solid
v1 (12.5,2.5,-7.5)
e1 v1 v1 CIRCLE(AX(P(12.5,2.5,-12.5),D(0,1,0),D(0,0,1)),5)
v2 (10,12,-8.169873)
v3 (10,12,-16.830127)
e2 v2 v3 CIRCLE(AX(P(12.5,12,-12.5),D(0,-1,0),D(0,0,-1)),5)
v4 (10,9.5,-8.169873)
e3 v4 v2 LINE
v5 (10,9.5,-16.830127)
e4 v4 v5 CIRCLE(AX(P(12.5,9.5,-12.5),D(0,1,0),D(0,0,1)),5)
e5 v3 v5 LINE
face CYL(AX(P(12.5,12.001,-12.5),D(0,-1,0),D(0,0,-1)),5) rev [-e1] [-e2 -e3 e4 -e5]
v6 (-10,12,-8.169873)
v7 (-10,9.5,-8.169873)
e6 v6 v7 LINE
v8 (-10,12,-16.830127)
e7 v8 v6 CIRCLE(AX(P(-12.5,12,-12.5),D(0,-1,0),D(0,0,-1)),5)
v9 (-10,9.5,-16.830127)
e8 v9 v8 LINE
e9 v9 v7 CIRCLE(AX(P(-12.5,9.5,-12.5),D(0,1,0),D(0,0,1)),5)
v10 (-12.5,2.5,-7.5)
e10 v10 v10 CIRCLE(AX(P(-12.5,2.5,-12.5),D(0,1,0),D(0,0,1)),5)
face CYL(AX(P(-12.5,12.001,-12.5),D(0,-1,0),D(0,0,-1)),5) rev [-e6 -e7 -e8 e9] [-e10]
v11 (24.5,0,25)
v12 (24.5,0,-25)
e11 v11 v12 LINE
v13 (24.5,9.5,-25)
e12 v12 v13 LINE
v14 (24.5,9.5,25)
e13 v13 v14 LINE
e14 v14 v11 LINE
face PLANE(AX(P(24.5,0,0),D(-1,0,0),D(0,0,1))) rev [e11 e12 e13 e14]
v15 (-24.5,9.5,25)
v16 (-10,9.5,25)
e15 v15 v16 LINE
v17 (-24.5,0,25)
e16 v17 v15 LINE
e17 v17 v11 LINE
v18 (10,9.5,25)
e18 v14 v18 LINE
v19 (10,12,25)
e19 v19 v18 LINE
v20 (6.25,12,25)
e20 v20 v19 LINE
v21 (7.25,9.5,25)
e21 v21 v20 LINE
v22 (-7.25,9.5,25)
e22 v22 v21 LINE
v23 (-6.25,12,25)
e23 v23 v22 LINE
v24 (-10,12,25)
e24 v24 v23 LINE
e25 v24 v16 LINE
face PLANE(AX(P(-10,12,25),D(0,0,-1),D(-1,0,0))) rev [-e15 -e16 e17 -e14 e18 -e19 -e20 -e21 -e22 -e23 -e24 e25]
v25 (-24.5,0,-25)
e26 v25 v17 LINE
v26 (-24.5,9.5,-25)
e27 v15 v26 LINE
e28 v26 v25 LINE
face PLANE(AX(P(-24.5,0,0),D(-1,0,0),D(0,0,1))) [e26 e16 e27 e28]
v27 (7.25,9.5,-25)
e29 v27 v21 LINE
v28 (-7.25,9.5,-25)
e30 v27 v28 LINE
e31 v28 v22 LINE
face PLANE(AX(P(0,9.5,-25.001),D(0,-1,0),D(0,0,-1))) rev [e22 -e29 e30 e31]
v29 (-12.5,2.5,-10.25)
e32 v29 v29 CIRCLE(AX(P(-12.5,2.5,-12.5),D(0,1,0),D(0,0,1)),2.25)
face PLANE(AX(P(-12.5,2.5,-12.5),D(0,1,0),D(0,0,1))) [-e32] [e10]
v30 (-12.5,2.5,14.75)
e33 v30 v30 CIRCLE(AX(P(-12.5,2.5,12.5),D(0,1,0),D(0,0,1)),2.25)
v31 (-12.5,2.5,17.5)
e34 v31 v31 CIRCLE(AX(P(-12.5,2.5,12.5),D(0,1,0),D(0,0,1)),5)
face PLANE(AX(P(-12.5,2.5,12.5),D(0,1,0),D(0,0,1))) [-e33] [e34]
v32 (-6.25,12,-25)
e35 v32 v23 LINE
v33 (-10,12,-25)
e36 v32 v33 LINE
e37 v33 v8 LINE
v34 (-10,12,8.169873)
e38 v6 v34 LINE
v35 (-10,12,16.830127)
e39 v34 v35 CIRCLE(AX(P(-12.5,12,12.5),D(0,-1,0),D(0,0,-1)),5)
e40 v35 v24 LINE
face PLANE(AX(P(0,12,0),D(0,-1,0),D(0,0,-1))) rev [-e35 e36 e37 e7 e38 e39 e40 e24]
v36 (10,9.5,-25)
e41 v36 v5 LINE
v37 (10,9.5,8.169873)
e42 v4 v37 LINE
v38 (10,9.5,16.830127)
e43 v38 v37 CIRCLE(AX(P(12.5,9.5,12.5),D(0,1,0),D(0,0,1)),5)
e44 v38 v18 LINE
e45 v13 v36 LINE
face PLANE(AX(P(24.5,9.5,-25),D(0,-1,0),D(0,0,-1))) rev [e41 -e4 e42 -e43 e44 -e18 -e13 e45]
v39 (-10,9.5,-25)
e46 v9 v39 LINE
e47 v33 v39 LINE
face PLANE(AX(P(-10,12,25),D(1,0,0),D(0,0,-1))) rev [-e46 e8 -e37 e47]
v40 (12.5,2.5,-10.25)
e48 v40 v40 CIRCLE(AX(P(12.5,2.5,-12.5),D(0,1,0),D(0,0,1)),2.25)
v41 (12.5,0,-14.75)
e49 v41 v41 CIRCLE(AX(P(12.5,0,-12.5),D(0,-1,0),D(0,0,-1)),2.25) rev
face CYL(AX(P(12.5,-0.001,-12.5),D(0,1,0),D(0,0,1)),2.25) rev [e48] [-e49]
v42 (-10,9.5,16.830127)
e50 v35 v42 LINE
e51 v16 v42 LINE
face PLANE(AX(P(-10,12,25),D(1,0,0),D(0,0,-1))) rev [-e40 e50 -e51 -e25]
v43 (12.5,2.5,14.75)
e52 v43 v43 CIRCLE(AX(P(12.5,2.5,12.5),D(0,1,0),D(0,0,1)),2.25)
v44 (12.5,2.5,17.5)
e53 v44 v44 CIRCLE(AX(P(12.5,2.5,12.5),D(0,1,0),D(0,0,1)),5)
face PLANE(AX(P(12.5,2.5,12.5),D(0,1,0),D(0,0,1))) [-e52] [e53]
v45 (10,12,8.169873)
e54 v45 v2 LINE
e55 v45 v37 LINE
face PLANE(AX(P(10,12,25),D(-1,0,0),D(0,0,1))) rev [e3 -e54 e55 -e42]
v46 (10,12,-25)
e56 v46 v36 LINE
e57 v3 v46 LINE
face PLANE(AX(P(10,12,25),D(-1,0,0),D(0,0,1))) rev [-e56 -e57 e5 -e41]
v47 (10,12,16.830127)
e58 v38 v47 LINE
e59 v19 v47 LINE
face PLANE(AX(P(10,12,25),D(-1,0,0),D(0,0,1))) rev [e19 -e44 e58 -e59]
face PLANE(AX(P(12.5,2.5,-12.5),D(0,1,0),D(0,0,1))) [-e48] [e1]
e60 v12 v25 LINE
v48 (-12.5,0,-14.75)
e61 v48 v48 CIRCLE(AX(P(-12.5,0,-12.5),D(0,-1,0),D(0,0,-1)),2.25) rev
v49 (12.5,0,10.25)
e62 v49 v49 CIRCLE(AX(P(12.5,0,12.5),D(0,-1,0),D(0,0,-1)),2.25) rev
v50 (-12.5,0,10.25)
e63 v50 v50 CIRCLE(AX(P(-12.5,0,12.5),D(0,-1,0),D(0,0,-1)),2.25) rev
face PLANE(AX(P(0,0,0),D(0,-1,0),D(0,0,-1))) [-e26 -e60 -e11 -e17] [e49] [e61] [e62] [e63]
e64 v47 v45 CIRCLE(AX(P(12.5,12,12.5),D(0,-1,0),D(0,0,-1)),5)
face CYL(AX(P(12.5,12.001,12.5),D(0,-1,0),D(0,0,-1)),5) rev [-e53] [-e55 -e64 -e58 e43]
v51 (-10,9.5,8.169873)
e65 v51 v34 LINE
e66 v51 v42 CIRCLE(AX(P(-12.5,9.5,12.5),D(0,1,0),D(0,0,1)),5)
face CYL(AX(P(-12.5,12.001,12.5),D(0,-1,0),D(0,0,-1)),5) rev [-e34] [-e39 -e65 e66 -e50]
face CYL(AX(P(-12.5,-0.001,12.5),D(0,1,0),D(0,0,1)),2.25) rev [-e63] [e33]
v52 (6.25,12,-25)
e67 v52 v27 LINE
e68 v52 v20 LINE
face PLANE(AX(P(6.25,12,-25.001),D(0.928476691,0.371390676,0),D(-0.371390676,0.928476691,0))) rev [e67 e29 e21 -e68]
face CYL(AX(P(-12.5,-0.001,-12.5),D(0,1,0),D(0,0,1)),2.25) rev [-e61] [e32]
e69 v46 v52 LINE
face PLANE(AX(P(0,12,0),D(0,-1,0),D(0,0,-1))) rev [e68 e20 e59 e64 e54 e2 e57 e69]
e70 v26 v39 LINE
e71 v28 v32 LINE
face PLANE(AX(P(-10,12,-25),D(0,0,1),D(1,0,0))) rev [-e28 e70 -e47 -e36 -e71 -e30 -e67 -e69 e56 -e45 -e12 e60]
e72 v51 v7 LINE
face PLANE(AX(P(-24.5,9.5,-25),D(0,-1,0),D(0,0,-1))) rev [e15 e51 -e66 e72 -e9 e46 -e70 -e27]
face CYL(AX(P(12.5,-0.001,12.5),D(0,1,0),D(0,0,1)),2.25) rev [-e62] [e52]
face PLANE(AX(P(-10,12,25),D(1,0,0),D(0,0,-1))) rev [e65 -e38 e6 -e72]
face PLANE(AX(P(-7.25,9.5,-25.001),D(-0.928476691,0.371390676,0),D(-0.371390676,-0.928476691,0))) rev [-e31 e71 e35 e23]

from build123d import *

# Parameters (mm, degrees)
SKETCH1_W                      = 20
SKETCH1_H                      = 50
BOSS_EXTRUDE1_DEPTH            = 12
CUT_EXTRUDE1_REACH             = 54.383
SKETCH4_W                      = 50
SKETCH4_H                      = 9.5
BOSS_EXTRUDE2_DEPTH            = 14.5
SKETCH5_W                      = 50
SKETCH5_H                      = 9.5
BOSS_EXTRUDE3_DEPTH            = 14.5
SKETCH10_R                     = 5
CUT_EXTRUDE4_DEPTH             = 7
CUT_EXTRUDE4_DIRECTION_2_REACH = 38.27
CUT_EXTRUDE5_REACH             = 38.27
SKETCH11_R                     = 2.25


with BuildPart() as part:
    # Sketch1 → Boss-Extrude1 (new body)
    with BuildSketch(Plane(origin=(0, 0, 0), x_dir=(1, 0, 0), z_dir=(0, 1, 0))):
        Rectangle(SKETCH1_W, SKETCH1_H)
    extrude(amount=BOSS_EXTRUDE1_DEPTH)

    # Sketch2 → Cut-Extrude1 (cut, up to next)
    with BuildSketch(Plane.XY.offset(25), mode=Mode.PRIVATE) as cut_extrude1_sk1:
        Polygon((0, 9.5), (7.25, 9.5), (6.25, 12), (0, 12), (-6.25, 12), (-7.25, 9.5), align=None)
    cut_extrude1_tool1 = extrude(cut_extrude1_sk1.sketch, amount=-CUT_EXTRUDE1_REACH, mode=Mode.PRIVATE) & part.part
    add(cut_extrude1_tool1.solids().sort_by_distance((0, 10.719136, 25))[0], mode=Mode.SUBTRACT)

    # Sketch4 → Boss-Extrude2 (add)
    with BuildSketch(Plane.ZY.offset(10)):
        with Locations((0, 4.75)):
            Rectangle(SKETCH4_W, SKETCH4_H)
    extrude(amount=BOSS_EXTRUDE2_DEPTH)

    # Sketch5 → Boss-Extrude3 (add)
    with BuildSketch(Plane(origin=(10, 0, 0), x_dir=(0, 0, -1), z_dir=(1, 0, 0))):
        with Locations((0, 4.75)):
            Rectangle(SKETCH5_W, SKETCH5_H)
    extrude(amount=BOSS_EXTRUDE3_DEPTH)

    # Sketch10 → Cut-Extrude4 (cut)
    with BuildSketch(Plane(origin=(0, 9.5, 0), x_dir=(1, 0, 0), z_dir=(0, 1, 0))):
        with Locations(Location((-12.5, 12.5, 0), (0, 0, 60))):
            Circle(SKETCH10_R)
        with Locations(Location((12.5, 12.5, 0), (0, 0, 120))):
            Circle(SKETCH10_R)
        with Locations(Location((-12.5, -12.5, 0), (0, 0, 60))):
            Circle(SKETCH10_R)
        with Locations(Location((12.5, -12.5, 0), (0, 0, 120))):
            Circle(SKETCH10_R)
    extrude(amount=-CUT_EXTRUDE4_DEPTH, mode=Mode.SUBTRACT)

    # Sketch10 → Cut-Extrude4 direction 2 (cut, up to next)
    with BuildSketch(Plane(origin=(0, 9.5, 0), x_dir=(1, 0, 0), z_dir=(0, 1, 0)), mode=Mode.PRIVATE) as cut_extrude4_direction_2_sk1:
        with Locations(Location((-12.5, 12.5, 0), (0, 0, 60))):
            Circle(SKETCH10_R)
    cut_extrude4_direction_2_tool1 = extrude(cut_extrude4_direction_2_sk1.sketch, amount=CUT_EXTRUDE4_DIRECTION_2_REACH, mode=Mode.PRIVATE) & part.part
    # Sketch10 → Cut-Extrude4 direction 2 (cut, up to next)
    with BuildSketch(Plane(origin=(0, 9.5, 0), x_dir=(1, 0, 0), z_dir=(0, 1, 0)), mode=Mode.PRIVATE) as cut_extrude4_direction_2_sk2:
        with Locations(Location((12.5, 12.5, 0), (0, 0, 120))):
            Circle(SKETCH10_R)
    cut_extrude4_direction_2_tool2 = extrude(cut_extrude4_direction_2_sk2.sketch, amount=CUT_EXTRUDE4_DIRECTION_2_REACH, mode=Mode.PRIVATE) & part.part
    # Sketch10 → Cut-Extrude4 direction 2 (cut, up to next)
    with BuildSketch(Plane(origin=(0, 9.5, 0), x_dir=(1, 0, 0), z_dir=(0, 1, 0)), mode=Mode.PRIVATE) as cut_extrude4_direction_2_sk3:
        with Locations(Location((-12.5, -12.5, 0), (0, 0, 60))):
            Circle(SKETCH10_R)
    cut_extrude4_direction_2_tool3 = extrude(cut_extrude4_direction_2_sk3.sketch, amount=CUT_EXTRUDE4_DIRECTION_2_REACH, mode=Mode.PRIVATE) & part.part
    # Sketch10 → Cut-Extrude4 direction 2 (cut, up to next)
    with BuildSketch(Plane(origin=(0, 9.5, 0), x_dir=(1, 0, 0), z_dir=(0, 1, 0)), mode=Mode.PRIVATE) as cut_extrude4_direction_2_sk4:
        with Locations(Location((12.5, -12.5, 0), (0, 0, 120))):
            Circle(SKETCH10_R)
    cut_extrude4_direction_2_tool4 = extrude(cut_extrude4_direction_2_sk4.sketch, amount=CUT_EXTRUDE4_DIRECTION_2_REACH, mode=Mode.PRIVATE) & part.part
    add(cut_extrude4_direction_2_tool1.solids().sort_by_distance((-12.5, 9.5, -12.5))[0], mode=Mode.SUBTRACT)
    add(cut_extrude4_direction_2_tool2.solids().sort_by_distance((12.5, 9.5, -12.5))[0], mode=Mode.SUBTRACT)
    add(cut_extrude4_direction_2_tool3.solids().sort_by_distance((-12.5, 9.5, 12.5))[0], mode=Mode.SUBTRACT)
    add(cut_extrude4_direction_2_tool4.solids().sort_by_distance((12.5, 9.5, 12.5))[0], mode=Mode.SUBTRACT)

    # Sketch11 → Cut-Extrude5 (cut, up to next)
    with BuildSketch(Plane(origin=(0, 2.5, 0), x_dir=(1, 0, 0), z_dir=(0, 1, 0)), mode=Mode.PRIVATE) as cut_extrude5_sk1:
        with Locations(Location((-12.5, 12.5, 0), (0, 0, 270))):
            Circle(SKETCH11_R)
    cut_extrude5_tool1 = extrude(cut_extrude5_sk1.sketch, amount=-CUT_EXTRUDE5_REACH, mode=Mode.PRIVATE) & part.part
    # Sketch11 → Cut-Extrude5 (cut, up to next)
    with BuildSketch(Plane(origin=(0, 2.5, 0), x_dir=(1, 0, 0), z_dir=(0, 1, 0)), mode=Mode.PRIVATE) as cut_extrude5_sk2:
        with Locations(Location((12.5, 12.5, 0), (0, 0, 270))):
            Circle(SKETCH11_R)
    cut_extrude5_tool2 = extrude(cut_extrude5_sk2.sketch, amount=-CUT_EXTRUDE5_REACH, mode=Mode.PRIVATE) & part.part
    # Sketch11 → Cut-Extrude5 (cut, up to next)
    with BuildSketch(Plane(origin=(0, 2.5, 0), x_dir=(1, 0, 0), z_dir=(0, 1, 0)), mode=Mode.PRIVATE) as cut_extrude5_sk3:
        with Locations(Location((-12.5, -12.5, 0), (0, 0, 270))):
            Circle(SKETCH11_R)
    cut_extrude5_tool3 = extrude(cut_extrude5_sk3.sketch, amount=-CUT_EXTRUDE5_REACH, mode=Mode.PRIVATE) & part.part
    # Sketch11 → Cut-Extrude5 (cut, up to next)
    with BuildSketch(Plane(origin=(0, 2.5, 0), x_dir=(1, 0, 0), z_dir=(0, 1, 0)), mode=Mode.PRIVATE) as cut_extrude5_sk4:
        with Locations(Location((12.5, -12.5, 0), (0, 0, 270))):
            Circle(SKETCH11_R)
    cut_extrude5_tool4 = extrude(cut_extrude5_sk4.sketch, amount=-CUT_EXTRUDE5_REACH, mode=Mode.PRIVATE) & part.part
    add(cut_extrude5_tool1.solids().sort_by_distance((-12.5, 2.5, -12.5))[0], mode=Mode.SUBTRACT)
    add(cut_extrude5_tool2.solids().sort_by_distance((12.5, 2.5, -12.5))[0], mode=Mode.SUBTRACT)
    add(cut_extrude5_tool3.solids().sort_by_distance((-12.5, 2.5, 12.5))[0], mode=Mode.SUBTRACT)
    add(cut_extrude5_tool4.solids().sort_by_distance((12.5, 2.5, 12.5))[0], mode=Mode.SUBTRACT)


solid = part.part
